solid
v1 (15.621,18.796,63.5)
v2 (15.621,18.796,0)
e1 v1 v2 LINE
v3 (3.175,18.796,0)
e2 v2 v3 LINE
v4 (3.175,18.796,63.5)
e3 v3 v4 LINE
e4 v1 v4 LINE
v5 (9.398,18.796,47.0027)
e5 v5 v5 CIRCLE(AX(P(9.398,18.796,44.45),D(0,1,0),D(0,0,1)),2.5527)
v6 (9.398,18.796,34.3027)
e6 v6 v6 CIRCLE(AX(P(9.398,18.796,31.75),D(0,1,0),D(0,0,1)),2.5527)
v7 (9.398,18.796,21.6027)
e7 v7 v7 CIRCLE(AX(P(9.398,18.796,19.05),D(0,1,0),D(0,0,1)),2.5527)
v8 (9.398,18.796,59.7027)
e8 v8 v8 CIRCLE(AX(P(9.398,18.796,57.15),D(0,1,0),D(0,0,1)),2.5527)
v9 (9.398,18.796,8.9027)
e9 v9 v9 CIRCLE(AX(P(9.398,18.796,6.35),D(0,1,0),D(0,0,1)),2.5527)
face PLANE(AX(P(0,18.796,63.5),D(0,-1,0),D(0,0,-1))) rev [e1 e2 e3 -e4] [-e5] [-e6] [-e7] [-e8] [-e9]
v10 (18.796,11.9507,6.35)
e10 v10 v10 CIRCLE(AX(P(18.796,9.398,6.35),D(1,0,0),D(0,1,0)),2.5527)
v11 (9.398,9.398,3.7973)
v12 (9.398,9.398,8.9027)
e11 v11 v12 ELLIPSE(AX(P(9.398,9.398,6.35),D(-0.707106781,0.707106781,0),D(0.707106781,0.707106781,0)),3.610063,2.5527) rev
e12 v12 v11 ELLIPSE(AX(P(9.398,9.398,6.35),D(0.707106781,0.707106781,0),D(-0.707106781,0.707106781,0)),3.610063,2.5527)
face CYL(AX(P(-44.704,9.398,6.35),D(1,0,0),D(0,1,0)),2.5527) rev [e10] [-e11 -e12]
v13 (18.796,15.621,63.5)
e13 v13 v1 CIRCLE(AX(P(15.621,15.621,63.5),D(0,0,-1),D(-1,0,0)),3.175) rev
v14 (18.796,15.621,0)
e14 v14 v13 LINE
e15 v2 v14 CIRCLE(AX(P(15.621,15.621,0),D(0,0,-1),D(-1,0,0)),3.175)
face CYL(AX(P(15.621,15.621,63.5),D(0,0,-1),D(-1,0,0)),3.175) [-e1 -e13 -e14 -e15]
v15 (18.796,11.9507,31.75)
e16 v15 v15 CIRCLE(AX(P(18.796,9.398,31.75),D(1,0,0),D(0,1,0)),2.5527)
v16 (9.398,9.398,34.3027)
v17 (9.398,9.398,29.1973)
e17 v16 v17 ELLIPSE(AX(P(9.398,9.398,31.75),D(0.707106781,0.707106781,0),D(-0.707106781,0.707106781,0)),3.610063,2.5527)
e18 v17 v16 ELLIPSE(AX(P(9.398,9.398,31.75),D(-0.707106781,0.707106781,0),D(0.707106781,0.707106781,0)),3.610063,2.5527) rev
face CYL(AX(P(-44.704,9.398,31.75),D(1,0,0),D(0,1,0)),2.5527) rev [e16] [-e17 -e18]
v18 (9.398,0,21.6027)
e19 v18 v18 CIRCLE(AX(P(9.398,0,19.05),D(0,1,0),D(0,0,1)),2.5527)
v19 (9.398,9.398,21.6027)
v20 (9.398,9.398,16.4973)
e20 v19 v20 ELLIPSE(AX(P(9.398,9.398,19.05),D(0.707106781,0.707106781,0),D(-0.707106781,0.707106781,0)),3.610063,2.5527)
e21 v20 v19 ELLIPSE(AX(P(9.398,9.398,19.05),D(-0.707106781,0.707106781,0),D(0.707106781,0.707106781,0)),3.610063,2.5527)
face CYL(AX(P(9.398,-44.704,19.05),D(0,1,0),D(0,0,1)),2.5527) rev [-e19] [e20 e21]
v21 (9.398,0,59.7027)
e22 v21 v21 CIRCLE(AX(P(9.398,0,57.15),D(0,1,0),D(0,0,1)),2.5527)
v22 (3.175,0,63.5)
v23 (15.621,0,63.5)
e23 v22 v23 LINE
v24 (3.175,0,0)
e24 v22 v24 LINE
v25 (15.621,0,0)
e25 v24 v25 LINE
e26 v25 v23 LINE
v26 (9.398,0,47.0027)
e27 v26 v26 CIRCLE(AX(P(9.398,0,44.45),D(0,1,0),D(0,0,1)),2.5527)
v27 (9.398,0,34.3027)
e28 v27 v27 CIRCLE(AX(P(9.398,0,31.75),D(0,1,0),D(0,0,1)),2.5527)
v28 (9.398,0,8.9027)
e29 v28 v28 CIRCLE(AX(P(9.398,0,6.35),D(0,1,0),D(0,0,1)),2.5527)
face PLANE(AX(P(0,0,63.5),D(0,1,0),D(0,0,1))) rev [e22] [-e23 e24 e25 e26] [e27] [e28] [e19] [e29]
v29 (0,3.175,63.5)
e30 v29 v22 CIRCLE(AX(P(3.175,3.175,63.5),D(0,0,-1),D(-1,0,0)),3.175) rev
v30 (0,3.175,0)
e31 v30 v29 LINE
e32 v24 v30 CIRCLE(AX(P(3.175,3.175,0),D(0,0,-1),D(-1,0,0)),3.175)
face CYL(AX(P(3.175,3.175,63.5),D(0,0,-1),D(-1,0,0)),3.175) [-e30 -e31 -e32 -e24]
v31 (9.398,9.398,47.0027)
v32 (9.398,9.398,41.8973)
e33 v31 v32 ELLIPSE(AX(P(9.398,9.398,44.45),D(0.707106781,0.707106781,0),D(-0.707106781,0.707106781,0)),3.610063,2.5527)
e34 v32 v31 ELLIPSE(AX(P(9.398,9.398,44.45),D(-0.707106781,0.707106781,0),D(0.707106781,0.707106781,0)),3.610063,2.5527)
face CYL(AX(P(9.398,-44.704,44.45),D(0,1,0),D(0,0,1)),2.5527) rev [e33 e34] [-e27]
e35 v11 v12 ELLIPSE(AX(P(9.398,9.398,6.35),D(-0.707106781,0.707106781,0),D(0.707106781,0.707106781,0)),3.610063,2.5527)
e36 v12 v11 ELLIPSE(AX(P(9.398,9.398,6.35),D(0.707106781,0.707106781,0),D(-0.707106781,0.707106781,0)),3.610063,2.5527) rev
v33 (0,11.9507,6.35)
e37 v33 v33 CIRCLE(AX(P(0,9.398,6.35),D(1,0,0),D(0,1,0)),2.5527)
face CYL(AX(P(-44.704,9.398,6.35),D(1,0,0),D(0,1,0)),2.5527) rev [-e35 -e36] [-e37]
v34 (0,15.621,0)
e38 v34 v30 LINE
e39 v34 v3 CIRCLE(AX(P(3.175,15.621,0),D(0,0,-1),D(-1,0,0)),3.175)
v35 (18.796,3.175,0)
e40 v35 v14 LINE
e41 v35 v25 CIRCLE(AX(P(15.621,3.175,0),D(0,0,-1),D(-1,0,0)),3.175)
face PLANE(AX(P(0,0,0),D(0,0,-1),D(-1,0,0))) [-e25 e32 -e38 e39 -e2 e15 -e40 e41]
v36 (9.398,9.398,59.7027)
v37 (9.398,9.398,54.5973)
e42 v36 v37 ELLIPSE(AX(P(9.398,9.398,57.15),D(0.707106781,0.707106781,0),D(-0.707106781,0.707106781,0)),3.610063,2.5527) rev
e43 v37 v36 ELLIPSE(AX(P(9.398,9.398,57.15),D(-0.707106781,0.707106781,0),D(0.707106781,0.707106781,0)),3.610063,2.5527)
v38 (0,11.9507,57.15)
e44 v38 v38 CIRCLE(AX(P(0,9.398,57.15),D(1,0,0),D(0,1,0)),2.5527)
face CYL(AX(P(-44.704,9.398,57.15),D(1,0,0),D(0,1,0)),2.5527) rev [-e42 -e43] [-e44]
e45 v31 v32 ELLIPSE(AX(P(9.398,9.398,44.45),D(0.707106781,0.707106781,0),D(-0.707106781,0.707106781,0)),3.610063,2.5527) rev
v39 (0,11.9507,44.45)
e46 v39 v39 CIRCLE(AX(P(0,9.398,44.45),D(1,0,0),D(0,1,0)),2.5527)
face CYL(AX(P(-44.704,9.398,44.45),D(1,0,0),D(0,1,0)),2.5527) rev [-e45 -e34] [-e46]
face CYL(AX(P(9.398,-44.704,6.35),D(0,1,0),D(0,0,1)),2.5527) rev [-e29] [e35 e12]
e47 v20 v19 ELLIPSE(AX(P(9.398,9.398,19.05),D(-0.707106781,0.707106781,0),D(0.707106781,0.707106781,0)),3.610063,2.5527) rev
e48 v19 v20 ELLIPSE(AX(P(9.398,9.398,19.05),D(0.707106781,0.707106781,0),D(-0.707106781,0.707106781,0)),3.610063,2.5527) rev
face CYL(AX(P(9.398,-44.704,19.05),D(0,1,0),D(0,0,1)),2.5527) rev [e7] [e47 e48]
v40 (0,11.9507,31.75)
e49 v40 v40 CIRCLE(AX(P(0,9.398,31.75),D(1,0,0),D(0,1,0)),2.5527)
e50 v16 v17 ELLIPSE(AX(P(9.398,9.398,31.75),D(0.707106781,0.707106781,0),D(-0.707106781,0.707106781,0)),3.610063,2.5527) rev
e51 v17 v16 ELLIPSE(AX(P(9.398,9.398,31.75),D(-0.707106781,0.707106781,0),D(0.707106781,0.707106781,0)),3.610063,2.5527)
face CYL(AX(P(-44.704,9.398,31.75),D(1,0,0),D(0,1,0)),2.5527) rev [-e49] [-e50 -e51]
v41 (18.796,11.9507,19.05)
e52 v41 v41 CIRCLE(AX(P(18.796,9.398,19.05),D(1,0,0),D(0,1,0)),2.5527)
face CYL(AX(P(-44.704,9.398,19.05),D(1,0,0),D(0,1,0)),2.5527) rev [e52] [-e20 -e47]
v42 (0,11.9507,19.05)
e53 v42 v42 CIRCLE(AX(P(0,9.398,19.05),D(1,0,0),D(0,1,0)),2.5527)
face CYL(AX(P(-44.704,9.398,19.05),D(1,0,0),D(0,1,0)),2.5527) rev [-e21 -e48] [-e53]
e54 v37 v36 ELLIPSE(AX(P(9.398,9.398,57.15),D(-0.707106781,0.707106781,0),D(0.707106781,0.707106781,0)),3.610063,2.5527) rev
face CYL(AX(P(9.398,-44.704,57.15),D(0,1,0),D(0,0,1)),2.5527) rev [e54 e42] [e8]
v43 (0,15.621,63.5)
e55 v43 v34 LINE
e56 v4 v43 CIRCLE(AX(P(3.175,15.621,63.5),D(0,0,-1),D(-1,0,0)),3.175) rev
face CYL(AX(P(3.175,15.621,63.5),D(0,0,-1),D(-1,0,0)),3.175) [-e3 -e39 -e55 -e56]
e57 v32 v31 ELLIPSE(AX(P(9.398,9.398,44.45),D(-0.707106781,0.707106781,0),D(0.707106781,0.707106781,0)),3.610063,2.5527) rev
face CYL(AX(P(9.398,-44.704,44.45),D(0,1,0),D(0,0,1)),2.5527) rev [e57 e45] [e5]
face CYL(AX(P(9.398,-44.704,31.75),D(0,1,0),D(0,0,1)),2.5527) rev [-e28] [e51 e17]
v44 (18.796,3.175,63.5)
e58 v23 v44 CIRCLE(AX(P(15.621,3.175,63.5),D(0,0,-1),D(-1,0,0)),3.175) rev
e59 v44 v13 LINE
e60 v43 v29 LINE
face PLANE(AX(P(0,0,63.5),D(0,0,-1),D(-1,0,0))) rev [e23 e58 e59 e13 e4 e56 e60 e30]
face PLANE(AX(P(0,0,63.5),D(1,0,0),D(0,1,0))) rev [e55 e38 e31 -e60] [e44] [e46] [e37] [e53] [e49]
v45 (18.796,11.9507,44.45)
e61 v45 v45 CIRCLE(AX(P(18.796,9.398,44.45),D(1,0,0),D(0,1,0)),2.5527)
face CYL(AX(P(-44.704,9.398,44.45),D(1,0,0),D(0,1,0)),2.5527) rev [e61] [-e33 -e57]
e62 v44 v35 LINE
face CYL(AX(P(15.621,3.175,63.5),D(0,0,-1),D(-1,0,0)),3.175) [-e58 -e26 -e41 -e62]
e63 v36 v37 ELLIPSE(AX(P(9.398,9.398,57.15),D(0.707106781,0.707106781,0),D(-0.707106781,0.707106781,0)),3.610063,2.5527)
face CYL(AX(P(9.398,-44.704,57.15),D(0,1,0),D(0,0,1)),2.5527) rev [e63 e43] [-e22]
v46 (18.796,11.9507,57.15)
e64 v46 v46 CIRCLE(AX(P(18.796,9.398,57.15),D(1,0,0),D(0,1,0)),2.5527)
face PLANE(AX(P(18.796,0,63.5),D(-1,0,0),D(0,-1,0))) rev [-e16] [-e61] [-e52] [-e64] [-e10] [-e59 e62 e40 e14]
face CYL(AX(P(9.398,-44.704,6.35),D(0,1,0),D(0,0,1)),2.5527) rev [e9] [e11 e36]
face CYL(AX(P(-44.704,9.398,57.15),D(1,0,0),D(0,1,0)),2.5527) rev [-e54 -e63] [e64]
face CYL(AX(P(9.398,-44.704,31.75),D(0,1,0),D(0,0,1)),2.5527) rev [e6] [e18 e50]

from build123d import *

# Parameters (mm, degrees)
SKETCH1_W           = 18.796
SKETCH1_H           = 18.796
BOSS_EXTRUDE1_DEPTH = 63.5
FILLET1_R           = 3.175
SKETCH2_R           = 2.5527
CUT_EXTRUDE1_DEPTH  = 63.5
SKETCH3_R           = 2.5527
CUT_EXTRUDE2_DEPTH  = 63.5


with BuildPart() as part:
    # Sketch1 → Boss-Extrude1 (new body)
    with BuildSketch(Plane.XY):
        with Locations((9.398, 9.398)):
            Rectangle(SKETCH1_W, SKETCH1_H)
    extrude(amount=BOSS_EXTRUDE1_DEPTH)

    # Fillet1
    fillet1_edges = [part.edges().sort_by_distance(p)[0] for p in [
        (0, 18.796, 31.75),
        (18.796, 18.796, 31.75),
        (18.796, 0, 31.75),
        (0, 0, 31.75),
    ]]
    fillet(fillet1_edges, radius=FILLET1_R)

    # Sketch2 → Cut-Extrude1 (cut)
    with BuildSketch(Plane(origin=(0, 18.796, 0), x_dir=(1, 0, 0), z_dir=(0, 1, 0))):
        with Locations(Location((9.398, -6.35, 0), (0, 0, 270))):
            Circle(SKETCH2_R)
        with Locations(Location((9.398, -19.05, 0), (0, 0, 270))):
            Circle(SKETCH2_R)
        with Locations(Location((9.398, -31.75, 0), (0, 0, 270))):
            Circle(SKETCH2_R)
        with Locations(Location((9.398, -44.45, 0), (0, 0, 270))):
            Circle(SKETCH2_R)
        with Locations(Location((9.398, -57.15, 0), (0, 0, 270))):
            Circle(SKETCH2_R)
    extrude(amount=-CUT_EXTRUDE1_DEPTH, mode=Mode.SUBTRACT)

    # Sketch3 → Cut-Extrude2 (cut)
    with BuildSketch(Plane(origin=(18.796, 0, 0), x_dir=(0, 0, -1), z_dir=(1, 0, 0))):
        with Locations(Location((-57.15, 9.398, 0), (0, 0, 90))):
            Circle(SKETCH3_R)
        with Locations(Location((-44.45, 9.398, 0), (0, 0, 90))):
            Circle(SKETCH3_R)
        with Locations(Location((-31.75, 9.398, 0), (0, 0, 90))):
            Circle(SKETCH3_R)
        with Locations(Location((-19.05, 9.398, 0), (0, 0, 90))):
            Circle(SKETCH3_R)
        with Locations(Location((-6.35, 9.398, 0), (0, 0, 90))):
            Circle(SKETCH3_R)
    extrude(amount=-CUT_EXTRUDE2_DEPTH, mode=Mode.SUBTRACT)


solid = part.part
